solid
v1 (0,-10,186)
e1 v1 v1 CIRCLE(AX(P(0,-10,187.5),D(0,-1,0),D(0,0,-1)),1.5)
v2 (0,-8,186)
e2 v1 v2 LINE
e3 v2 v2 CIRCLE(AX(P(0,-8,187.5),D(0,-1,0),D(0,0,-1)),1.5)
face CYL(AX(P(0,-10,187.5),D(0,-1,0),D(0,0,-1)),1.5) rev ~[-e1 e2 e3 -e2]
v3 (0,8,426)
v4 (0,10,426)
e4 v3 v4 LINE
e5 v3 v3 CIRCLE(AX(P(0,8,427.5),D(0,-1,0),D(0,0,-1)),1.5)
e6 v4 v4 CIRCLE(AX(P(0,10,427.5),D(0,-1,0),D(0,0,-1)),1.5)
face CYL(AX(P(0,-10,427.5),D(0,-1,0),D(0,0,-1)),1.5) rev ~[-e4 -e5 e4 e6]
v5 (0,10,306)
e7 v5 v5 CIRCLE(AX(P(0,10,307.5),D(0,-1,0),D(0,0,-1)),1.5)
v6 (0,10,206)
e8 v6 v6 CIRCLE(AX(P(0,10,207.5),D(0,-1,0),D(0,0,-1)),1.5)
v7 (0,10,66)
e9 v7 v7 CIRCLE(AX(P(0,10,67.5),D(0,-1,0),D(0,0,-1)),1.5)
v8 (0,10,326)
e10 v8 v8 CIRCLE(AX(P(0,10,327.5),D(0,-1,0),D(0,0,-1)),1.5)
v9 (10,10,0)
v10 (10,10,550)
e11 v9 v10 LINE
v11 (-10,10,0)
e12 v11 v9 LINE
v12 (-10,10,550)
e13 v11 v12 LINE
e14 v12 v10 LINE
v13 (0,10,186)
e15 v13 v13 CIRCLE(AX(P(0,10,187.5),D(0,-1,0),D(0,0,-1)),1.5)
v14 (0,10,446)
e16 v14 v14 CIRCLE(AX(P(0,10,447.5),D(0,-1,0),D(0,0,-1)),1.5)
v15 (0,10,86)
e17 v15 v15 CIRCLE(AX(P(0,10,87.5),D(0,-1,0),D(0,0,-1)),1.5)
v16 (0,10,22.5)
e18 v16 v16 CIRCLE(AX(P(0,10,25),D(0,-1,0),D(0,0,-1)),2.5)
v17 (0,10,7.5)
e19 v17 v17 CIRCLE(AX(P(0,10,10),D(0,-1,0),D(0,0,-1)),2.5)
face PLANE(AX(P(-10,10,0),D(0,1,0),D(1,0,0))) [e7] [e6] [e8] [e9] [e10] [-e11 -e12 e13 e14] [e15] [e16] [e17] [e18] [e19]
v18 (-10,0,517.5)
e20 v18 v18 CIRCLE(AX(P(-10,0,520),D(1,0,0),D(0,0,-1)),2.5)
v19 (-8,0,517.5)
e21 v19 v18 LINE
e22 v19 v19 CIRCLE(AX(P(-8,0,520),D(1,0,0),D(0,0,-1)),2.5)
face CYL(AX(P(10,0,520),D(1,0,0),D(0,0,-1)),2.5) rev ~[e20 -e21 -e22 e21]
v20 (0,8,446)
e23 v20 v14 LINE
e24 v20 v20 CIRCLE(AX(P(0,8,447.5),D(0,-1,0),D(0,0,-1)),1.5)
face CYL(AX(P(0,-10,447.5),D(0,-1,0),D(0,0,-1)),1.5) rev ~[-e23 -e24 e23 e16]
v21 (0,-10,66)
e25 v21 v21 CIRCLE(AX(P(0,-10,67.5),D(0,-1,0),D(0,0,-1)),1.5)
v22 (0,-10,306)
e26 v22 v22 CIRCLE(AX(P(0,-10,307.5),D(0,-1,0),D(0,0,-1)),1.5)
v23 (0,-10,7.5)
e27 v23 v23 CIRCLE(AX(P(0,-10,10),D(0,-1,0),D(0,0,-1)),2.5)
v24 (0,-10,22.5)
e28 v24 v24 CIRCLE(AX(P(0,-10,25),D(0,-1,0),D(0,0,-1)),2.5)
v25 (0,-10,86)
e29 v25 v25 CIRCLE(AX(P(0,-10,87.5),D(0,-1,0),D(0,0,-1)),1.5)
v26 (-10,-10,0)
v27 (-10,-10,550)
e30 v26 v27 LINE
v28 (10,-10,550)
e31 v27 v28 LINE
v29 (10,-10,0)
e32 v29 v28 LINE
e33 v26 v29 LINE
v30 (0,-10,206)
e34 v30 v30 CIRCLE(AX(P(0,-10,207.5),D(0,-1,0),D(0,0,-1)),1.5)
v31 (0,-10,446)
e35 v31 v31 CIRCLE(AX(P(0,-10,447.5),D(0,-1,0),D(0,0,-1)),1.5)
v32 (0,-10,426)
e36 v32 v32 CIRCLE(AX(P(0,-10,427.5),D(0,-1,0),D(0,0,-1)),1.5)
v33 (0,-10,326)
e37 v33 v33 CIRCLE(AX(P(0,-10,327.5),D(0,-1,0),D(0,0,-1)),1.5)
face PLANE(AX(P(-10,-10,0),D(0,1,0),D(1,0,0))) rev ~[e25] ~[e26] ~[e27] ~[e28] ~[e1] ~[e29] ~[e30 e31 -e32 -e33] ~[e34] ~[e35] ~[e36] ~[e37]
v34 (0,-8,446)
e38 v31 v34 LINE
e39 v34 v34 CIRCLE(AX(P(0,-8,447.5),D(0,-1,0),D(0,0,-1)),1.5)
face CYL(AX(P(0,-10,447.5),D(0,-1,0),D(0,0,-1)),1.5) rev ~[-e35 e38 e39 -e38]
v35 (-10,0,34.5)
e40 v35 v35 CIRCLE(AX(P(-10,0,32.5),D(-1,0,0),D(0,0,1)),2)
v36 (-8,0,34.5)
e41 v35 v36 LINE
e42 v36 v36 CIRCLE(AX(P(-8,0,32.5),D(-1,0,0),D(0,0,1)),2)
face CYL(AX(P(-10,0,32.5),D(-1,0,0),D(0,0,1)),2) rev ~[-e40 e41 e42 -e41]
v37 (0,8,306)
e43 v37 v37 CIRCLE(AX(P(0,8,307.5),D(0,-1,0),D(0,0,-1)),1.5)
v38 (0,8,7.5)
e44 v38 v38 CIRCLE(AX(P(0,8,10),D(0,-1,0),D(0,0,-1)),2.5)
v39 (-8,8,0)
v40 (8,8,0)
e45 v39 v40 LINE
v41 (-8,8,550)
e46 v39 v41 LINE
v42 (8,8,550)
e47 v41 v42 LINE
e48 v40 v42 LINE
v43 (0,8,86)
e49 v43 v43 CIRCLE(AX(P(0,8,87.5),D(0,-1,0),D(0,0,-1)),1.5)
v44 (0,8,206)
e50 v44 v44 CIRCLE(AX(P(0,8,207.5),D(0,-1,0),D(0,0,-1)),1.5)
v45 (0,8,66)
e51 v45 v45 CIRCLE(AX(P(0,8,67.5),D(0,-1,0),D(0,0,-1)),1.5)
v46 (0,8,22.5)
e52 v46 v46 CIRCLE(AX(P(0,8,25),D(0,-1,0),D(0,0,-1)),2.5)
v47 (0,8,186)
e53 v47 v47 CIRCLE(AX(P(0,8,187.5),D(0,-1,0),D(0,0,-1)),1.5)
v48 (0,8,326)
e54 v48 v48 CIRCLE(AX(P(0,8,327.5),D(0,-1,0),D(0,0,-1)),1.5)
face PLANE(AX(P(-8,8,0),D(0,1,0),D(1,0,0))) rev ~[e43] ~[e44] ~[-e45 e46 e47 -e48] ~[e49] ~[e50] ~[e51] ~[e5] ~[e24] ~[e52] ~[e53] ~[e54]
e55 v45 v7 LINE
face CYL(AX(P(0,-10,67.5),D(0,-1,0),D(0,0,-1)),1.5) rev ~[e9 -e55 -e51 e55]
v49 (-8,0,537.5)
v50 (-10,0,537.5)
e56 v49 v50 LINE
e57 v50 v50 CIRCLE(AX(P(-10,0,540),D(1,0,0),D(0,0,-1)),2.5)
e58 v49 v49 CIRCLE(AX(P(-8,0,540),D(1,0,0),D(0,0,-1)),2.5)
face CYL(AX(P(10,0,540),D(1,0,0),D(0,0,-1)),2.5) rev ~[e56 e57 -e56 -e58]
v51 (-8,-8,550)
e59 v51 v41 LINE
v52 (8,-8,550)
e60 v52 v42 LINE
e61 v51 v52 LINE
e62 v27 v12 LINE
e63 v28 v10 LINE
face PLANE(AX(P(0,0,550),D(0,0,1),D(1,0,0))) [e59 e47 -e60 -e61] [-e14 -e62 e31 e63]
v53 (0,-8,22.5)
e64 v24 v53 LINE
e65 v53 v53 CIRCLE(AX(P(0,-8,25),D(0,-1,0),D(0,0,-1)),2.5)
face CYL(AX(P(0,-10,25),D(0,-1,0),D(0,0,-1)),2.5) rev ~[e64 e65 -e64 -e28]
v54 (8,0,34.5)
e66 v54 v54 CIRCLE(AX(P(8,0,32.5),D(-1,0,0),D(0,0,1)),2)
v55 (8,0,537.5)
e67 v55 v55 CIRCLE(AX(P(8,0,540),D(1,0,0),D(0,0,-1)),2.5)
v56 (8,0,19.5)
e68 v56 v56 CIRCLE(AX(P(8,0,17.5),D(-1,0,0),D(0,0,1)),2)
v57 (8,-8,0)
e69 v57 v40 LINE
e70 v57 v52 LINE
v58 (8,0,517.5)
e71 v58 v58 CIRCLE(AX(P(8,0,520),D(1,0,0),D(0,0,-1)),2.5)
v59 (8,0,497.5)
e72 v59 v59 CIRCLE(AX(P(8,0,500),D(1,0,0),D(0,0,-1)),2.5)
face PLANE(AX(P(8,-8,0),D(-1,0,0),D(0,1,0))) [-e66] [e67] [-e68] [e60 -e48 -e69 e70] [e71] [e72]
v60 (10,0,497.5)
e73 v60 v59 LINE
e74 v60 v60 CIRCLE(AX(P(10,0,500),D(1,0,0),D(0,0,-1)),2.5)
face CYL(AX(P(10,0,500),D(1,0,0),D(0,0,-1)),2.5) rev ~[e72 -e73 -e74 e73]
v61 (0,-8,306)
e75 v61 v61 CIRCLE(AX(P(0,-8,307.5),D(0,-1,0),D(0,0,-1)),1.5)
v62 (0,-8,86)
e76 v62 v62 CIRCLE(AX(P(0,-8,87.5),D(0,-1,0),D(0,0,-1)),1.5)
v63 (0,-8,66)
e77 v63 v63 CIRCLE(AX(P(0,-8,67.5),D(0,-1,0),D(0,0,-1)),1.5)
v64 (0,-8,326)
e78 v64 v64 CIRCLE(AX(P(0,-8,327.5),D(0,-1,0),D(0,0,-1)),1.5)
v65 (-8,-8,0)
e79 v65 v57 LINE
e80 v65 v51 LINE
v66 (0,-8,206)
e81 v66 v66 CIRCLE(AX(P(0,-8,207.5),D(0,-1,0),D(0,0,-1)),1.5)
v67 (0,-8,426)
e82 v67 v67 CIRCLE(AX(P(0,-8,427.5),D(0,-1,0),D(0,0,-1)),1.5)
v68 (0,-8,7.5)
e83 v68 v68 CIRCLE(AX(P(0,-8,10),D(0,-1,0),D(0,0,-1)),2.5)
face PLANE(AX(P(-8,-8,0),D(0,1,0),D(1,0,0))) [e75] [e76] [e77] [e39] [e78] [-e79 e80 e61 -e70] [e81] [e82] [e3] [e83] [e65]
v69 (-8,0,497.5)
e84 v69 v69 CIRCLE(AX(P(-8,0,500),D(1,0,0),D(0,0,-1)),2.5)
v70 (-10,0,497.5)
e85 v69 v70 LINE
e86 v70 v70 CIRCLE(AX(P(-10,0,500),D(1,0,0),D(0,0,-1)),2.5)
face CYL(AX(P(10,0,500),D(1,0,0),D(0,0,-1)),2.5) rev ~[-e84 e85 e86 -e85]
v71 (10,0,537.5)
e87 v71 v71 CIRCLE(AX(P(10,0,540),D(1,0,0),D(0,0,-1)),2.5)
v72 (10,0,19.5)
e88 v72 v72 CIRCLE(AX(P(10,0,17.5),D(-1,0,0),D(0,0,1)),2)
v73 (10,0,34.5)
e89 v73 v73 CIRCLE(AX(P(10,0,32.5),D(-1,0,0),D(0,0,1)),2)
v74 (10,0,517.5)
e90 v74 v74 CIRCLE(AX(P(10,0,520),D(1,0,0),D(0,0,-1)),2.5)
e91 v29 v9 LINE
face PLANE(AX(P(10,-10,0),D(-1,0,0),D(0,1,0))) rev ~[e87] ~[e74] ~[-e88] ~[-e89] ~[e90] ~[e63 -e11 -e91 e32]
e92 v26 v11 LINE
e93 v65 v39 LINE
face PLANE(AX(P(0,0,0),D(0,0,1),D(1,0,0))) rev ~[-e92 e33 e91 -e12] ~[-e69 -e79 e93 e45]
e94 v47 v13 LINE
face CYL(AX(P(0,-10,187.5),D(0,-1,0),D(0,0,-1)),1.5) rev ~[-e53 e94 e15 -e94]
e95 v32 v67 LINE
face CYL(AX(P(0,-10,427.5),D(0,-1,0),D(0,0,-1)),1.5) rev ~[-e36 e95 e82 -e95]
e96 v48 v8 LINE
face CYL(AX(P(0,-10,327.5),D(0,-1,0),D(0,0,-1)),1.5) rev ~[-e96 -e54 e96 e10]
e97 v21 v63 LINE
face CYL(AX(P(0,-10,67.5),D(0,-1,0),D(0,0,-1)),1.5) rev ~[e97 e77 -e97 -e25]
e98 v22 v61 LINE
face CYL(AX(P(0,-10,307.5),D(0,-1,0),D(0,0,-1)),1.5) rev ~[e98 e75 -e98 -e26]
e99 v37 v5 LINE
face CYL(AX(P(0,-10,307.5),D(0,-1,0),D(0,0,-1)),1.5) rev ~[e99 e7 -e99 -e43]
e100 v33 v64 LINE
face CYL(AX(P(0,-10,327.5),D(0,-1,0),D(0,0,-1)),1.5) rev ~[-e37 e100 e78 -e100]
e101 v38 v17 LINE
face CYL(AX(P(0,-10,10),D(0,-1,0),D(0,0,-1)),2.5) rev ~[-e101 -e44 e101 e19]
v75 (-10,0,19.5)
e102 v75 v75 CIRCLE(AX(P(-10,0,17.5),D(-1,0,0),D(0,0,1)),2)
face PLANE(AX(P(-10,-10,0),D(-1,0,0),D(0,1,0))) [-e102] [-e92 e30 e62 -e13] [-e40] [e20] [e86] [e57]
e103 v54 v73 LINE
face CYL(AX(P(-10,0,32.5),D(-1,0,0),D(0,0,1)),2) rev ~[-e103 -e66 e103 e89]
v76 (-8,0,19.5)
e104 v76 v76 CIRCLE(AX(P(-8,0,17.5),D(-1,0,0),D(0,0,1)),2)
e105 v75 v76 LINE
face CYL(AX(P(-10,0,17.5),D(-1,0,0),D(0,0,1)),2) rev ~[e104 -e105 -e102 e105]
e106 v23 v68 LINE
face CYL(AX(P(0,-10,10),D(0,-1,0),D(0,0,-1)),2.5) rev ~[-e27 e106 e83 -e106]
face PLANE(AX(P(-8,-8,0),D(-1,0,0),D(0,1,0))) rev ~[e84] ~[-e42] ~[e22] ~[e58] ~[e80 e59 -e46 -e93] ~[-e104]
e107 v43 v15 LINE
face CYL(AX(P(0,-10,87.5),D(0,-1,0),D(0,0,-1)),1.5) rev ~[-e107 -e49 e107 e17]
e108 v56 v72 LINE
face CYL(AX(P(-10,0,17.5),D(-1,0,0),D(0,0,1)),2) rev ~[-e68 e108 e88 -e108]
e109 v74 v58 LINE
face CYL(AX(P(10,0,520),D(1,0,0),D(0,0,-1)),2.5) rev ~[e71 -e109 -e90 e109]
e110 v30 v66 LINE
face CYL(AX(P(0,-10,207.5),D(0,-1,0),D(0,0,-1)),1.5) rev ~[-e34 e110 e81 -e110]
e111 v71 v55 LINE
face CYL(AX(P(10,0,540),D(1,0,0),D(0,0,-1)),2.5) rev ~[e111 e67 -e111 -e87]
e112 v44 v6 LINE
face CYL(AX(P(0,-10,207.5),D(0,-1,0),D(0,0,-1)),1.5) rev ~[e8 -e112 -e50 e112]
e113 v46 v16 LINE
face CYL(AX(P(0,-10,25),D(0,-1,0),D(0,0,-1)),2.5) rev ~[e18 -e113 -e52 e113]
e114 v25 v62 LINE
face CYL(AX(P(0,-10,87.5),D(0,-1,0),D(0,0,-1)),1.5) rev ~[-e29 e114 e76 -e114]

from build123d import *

# Parameters (mm, degrees)
SKETCH_1_W         = 20
SKETCH_1_H         = 20
SKETCH_1_W_2       = 16
SKETCH_1_H_2       = 16
EXTRUDE_1_DEPTH    = 550
SKETCH2_R          = 2.5
CUT_EXTRUDE2_DEPTH = 20
SKETCH3_R          = 2
CUT_EXTRUDE3_DEPTH = 20
SKETCH4_R          = 2.5
CUT_EXTRUDE4_DEPTH = 20
SKETCH6_R          = 1.5
CUT_EXTRUDE6_DEPTH = 20
LPATTERN1_COUNT    = 4
LPATTERN1_PITCH    = 120


with BuildPart() as part:
    # 草图1 → 凸台-拉伸1 (new body)
    with BuildSketch(Plane.XY):
        Rectangle(SKETCH_1_W, SKETCH_1_H)
        Rectangle(SKETCH_1_W_2, SKETCH_1_H_2, mode=Mode.SUBTRACT)
    extrude(amount=EXTRUDE_1_DEPTH)

    # Sketch2 → Cut-Extrude2 (cut)
    with BuildSketch(Plane.XZ.offset(10)):
        with Locations(Location((0, 10, 0), (0, 0, 270))):
            Circle(SKETCH2_R)
        with Locations(Location((0, 25, 0), (0, 0, 270))):
            Circle(SKETCH2_R)
    extrude(amount=-CUT_EXTRUDE2_DEPTH, mode=Mode.SUBTRACT)

    # Sketch3 → Cut-Extrude3 (cut)
    with BuildSketch(Plane.ZY.offset(10)):
        with Locations((17.5, 0)):
            Circle(SKETCH3_R)
        with Locations((32.5, 0)):
            Circle(SKETCH3_R)
    extrude(amount=-CUT_EXTRUDE3_DEPTH, mode=Mode.SUBTRACT)

    # Sketch4 → Cut-Extrude4 (cut)
    with BuildSketch(Plane(origin=(10, 0, 0), x_dir=(0, 0, -1), z_dir=(1, 0, 0))):
        with Locations((-540, 0)):
            Circle(SKETCH4_R)
        with Locations((-520, 0)):
            Circle(SKETCH4_R)
        with Locations((-500, 0)):
            Circle(SKETCH4_R)
    extrude(amount=-CUT_EXTRUDE4_DEPTH, mode=Mode.SUBTRACT)

    # Sketch6 → Cut-Extrude6 (cut)
    with BuildSketch(Plane.XZ.offset(10)):
        with Locations(Location((0, 67.5, 0), (0, 0, 270))):
            Circle(SKETCH6_R)
        with Locations(Location((0, 87.5, 0), (0, 0, 270))):
            Circle(SKETCH6_R)
    cut_extrude6 = extrude(amount=-CUT_EXTRUDE6_DEPTH, mode=Mode.SUBTRACT)

    # LPattern1: Cut-Extrude6 ×4
    with Locations(*[(0, 0, i * LPATTERN1_PITCH) for i in range(1, LPATTERN1_COUNT)]):
        add(cut_extrude6, mode=Mode.SUBTRACT)


solid = part.part
